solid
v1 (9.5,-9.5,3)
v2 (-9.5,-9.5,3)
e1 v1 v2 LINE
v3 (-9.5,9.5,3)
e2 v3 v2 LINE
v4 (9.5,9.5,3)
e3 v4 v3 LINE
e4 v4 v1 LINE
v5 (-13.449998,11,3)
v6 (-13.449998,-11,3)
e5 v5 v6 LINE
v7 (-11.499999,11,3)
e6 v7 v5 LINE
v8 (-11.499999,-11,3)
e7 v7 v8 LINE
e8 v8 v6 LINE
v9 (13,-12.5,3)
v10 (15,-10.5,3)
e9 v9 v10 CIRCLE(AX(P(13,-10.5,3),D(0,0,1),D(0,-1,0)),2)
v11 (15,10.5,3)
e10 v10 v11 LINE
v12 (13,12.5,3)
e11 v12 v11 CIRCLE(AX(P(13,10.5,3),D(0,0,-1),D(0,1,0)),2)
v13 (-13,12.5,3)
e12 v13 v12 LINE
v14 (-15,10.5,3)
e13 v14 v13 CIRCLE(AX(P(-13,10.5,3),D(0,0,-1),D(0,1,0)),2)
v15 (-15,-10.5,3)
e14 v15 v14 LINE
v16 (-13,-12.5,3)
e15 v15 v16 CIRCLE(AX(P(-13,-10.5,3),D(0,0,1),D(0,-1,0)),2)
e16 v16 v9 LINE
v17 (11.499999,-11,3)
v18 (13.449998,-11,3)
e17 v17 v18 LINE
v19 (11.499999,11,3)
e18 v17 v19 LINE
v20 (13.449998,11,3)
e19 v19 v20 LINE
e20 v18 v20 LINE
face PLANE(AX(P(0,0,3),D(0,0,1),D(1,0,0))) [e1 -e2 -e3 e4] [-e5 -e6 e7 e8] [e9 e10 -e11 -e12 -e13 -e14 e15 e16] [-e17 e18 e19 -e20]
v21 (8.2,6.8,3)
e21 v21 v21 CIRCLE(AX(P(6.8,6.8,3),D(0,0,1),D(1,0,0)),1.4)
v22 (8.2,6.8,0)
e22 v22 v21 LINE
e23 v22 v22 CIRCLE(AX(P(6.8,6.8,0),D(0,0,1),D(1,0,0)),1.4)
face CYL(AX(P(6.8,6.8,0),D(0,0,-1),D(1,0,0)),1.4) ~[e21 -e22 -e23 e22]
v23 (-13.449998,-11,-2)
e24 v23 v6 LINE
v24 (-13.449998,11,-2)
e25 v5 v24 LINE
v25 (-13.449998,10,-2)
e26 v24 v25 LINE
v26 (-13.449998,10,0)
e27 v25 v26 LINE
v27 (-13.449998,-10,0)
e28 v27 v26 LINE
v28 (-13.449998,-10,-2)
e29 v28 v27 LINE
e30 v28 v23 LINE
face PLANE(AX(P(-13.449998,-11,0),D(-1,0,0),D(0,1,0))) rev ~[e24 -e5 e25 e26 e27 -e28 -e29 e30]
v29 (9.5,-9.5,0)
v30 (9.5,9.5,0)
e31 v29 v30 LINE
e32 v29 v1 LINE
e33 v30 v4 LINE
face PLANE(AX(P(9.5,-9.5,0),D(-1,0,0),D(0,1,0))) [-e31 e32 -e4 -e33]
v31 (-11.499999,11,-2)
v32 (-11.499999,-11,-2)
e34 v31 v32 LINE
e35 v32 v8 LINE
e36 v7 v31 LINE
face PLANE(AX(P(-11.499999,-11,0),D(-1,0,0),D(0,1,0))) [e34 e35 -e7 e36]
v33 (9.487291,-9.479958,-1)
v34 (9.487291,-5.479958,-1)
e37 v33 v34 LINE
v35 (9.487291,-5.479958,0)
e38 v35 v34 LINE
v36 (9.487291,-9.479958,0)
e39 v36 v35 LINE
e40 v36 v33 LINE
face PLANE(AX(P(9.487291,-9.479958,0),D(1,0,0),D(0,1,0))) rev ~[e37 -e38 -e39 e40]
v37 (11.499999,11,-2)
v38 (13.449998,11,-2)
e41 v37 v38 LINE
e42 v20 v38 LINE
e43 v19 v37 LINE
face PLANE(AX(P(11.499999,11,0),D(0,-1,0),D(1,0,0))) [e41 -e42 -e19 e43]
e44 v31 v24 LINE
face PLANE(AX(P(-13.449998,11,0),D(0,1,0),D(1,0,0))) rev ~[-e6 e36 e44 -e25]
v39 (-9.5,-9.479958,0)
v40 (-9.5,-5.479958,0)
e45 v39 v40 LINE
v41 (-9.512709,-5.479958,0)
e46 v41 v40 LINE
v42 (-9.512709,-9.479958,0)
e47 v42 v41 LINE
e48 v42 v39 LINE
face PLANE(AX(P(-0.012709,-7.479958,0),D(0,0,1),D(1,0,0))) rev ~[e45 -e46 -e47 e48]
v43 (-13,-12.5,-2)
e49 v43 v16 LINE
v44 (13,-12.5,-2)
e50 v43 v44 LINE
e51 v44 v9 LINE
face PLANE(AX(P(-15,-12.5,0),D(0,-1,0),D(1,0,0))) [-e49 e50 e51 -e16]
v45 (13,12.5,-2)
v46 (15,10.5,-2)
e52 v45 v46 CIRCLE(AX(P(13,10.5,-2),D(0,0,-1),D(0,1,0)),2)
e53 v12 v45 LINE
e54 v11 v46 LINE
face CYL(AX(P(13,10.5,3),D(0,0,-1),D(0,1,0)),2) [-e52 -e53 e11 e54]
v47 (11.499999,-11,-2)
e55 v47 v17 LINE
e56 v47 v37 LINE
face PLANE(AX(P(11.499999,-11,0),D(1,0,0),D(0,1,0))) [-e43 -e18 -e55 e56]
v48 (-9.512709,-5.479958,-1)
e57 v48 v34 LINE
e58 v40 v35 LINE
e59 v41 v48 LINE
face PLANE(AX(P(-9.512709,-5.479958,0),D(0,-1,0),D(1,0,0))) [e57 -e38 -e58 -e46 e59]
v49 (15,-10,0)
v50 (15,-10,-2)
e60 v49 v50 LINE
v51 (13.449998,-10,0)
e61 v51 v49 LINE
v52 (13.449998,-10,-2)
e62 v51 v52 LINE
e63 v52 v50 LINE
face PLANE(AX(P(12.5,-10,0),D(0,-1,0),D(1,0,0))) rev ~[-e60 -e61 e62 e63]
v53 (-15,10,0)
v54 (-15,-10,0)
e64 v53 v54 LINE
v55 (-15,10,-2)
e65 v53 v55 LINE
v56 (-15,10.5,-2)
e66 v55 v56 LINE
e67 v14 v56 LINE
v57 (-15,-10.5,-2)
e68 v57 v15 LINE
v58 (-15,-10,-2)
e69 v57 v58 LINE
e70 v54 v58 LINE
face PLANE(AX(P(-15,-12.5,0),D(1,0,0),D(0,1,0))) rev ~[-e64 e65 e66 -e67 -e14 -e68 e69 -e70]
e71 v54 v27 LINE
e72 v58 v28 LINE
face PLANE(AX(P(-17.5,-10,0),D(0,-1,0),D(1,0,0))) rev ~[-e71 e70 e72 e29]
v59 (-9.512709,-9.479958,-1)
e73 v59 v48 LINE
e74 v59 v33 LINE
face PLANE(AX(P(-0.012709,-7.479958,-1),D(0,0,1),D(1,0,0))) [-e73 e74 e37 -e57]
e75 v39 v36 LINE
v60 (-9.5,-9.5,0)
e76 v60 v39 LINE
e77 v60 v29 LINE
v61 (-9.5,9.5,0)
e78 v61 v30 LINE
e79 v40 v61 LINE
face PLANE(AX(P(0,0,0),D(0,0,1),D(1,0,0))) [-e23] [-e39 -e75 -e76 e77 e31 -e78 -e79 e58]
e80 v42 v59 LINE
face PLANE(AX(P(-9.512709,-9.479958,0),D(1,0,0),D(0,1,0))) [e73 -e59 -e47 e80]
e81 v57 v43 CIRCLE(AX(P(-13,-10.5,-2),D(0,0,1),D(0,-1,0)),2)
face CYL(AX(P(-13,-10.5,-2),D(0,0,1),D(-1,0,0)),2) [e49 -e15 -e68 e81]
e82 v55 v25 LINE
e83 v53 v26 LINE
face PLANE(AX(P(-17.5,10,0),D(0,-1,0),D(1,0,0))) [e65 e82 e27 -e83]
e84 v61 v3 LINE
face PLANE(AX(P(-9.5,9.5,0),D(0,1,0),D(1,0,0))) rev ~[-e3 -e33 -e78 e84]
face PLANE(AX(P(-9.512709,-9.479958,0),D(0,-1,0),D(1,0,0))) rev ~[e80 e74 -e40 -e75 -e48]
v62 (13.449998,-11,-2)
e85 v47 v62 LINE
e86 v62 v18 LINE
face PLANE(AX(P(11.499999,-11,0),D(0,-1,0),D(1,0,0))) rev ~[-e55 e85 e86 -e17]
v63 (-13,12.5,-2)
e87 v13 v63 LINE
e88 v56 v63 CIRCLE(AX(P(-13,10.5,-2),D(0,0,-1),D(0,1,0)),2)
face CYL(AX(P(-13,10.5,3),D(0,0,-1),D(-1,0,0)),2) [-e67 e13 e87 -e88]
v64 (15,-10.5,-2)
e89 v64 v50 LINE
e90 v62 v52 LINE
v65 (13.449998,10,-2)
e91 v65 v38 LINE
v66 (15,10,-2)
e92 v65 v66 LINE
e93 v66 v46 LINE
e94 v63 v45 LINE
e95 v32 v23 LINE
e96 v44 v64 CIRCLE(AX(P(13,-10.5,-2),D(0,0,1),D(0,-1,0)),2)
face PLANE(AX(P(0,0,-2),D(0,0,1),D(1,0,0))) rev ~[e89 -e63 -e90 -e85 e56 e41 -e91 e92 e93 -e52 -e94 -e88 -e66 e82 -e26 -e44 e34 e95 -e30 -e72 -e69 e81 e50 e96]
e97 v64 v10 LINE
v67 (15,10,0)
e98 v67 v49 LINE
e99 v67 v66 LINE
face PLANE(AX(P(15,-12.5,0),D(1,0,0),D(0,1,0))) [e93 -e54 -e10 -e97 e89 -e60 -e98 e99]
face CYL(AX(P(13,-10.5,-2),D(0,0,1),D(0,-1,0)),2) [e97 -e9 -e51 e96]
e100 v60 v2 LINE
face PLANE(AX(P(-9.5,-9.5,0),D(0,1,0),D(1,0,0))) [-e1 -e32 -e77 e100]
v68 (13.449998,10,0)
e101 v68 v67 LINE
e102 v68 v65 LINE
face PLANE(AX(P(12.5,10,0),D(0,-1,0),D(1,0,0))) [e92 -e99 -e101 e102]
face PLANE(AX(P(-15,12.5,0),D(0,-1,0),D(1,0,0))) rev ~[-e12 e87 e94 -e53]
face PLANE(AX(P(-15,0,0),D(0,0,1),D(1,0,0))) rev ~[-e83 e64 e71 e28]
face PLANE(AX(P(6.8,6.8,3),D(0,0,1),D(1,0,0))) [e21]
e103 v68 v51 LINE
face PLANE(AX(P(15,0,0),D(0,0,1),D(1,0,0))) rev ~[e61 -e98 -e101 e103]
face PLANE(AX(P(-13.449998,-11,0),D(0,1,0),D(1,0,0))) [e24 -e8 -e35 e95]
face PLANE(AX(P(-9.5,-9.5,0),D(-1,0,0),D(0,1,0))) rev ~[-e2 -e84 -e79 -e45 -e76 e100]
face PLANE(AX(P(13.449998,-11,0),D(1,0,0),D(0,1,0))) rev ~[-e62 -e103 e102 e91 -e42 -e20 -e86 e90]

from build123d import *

# Parameters (mm, degrees)
F0_W      = 30
F0_H      = 25
F1_DEPTH  = 3
F2_W      = 19
F2_H      = 19
F3_DEPTH  = 5
F4_DEPTH  = 2
F5_W      = 1.949999
F5_H      = 22
F6_DEPTH  = 5
F7_R      = 2
F8_R      = 1.4
F9_DEPTH  = 3
F10_W     = 5
F10_H     = 20
F11_DEPTH = 2
F12_W     = 19
F12_H     = 4
F13_DEPTH = 1


with BuildPart() as f1:
    # F0 (on Top) → F1 (new body)
    with BuildSketch(Plane.XY):
        Rectangle(F0_W, F0_H)
    extrude(amount=F1_DEPTH)

    # F2 (on Top) → F3 (cut)
    with BuildSketch(Plane.XY):
        Rectangle(F2_W, F2_H)
    extrude(amount=F3_DEPTH, mode=Mode.SUBTRACT)

    # F0 (on Top) → F4 (join)
    with BuildSketch(Plane.XY):
        Rectangle(F0_W, F0_H)
    extrude(amount=-F4_DEPTH)

    # F5 (on Top) → F6 (cut, symmetric)
    with BuildSketch(Plane.XY):
        with Locations((-12.474999, 0)):
            Rectangle(F5_W, F5_H)
        with Locations((12.474999, 0)):
            Rectangle(F5_W, F5_H)
    extrude(amount=F6_DEPTH, both=True, mode=Mode.SUBTRACT)

    # F7
    f7_edges = [f1.edges().sort_by_distance(p)[0] for p in [
        (15, -12.5, 0.5),
        (15, 12.5, 0.5),
        (-15, -12.5, 0.5),
        (-15, 12.5, 0.5),
    ]]
    fillet(f7_edges, radius=F7_R)

    # F8 (on Top) → F9 (join)
    with BuildSketch(Plane.XY):
        with Locations((6.8, 6.8)):
            Circle(F8_R)
    extrude(amount=F9_DEPTH)

    # F10 (on Top) → F11 (cut)
    with BuildSketch(Plane.XY):
        with Locations((15, 0)):
            Rectangle(F10_W, F10_H)
        with Locations((-15, 0)):
            Rectangle(F10_W, F10_H)
    extrude(amount=-F11_DEPTH, mode=Mode.SUBTRACT)

    # F12 (on Top) → F13 (cut)
    with BuildSketch(Plane.XY):
        with Locations((-0.012709, -7.479958)):
            Rectangle(F12_W, F12_H)
    extrude(amount=-F13_DEPTH, mode=Mode.SUBTRACT)


solid = f1.part
